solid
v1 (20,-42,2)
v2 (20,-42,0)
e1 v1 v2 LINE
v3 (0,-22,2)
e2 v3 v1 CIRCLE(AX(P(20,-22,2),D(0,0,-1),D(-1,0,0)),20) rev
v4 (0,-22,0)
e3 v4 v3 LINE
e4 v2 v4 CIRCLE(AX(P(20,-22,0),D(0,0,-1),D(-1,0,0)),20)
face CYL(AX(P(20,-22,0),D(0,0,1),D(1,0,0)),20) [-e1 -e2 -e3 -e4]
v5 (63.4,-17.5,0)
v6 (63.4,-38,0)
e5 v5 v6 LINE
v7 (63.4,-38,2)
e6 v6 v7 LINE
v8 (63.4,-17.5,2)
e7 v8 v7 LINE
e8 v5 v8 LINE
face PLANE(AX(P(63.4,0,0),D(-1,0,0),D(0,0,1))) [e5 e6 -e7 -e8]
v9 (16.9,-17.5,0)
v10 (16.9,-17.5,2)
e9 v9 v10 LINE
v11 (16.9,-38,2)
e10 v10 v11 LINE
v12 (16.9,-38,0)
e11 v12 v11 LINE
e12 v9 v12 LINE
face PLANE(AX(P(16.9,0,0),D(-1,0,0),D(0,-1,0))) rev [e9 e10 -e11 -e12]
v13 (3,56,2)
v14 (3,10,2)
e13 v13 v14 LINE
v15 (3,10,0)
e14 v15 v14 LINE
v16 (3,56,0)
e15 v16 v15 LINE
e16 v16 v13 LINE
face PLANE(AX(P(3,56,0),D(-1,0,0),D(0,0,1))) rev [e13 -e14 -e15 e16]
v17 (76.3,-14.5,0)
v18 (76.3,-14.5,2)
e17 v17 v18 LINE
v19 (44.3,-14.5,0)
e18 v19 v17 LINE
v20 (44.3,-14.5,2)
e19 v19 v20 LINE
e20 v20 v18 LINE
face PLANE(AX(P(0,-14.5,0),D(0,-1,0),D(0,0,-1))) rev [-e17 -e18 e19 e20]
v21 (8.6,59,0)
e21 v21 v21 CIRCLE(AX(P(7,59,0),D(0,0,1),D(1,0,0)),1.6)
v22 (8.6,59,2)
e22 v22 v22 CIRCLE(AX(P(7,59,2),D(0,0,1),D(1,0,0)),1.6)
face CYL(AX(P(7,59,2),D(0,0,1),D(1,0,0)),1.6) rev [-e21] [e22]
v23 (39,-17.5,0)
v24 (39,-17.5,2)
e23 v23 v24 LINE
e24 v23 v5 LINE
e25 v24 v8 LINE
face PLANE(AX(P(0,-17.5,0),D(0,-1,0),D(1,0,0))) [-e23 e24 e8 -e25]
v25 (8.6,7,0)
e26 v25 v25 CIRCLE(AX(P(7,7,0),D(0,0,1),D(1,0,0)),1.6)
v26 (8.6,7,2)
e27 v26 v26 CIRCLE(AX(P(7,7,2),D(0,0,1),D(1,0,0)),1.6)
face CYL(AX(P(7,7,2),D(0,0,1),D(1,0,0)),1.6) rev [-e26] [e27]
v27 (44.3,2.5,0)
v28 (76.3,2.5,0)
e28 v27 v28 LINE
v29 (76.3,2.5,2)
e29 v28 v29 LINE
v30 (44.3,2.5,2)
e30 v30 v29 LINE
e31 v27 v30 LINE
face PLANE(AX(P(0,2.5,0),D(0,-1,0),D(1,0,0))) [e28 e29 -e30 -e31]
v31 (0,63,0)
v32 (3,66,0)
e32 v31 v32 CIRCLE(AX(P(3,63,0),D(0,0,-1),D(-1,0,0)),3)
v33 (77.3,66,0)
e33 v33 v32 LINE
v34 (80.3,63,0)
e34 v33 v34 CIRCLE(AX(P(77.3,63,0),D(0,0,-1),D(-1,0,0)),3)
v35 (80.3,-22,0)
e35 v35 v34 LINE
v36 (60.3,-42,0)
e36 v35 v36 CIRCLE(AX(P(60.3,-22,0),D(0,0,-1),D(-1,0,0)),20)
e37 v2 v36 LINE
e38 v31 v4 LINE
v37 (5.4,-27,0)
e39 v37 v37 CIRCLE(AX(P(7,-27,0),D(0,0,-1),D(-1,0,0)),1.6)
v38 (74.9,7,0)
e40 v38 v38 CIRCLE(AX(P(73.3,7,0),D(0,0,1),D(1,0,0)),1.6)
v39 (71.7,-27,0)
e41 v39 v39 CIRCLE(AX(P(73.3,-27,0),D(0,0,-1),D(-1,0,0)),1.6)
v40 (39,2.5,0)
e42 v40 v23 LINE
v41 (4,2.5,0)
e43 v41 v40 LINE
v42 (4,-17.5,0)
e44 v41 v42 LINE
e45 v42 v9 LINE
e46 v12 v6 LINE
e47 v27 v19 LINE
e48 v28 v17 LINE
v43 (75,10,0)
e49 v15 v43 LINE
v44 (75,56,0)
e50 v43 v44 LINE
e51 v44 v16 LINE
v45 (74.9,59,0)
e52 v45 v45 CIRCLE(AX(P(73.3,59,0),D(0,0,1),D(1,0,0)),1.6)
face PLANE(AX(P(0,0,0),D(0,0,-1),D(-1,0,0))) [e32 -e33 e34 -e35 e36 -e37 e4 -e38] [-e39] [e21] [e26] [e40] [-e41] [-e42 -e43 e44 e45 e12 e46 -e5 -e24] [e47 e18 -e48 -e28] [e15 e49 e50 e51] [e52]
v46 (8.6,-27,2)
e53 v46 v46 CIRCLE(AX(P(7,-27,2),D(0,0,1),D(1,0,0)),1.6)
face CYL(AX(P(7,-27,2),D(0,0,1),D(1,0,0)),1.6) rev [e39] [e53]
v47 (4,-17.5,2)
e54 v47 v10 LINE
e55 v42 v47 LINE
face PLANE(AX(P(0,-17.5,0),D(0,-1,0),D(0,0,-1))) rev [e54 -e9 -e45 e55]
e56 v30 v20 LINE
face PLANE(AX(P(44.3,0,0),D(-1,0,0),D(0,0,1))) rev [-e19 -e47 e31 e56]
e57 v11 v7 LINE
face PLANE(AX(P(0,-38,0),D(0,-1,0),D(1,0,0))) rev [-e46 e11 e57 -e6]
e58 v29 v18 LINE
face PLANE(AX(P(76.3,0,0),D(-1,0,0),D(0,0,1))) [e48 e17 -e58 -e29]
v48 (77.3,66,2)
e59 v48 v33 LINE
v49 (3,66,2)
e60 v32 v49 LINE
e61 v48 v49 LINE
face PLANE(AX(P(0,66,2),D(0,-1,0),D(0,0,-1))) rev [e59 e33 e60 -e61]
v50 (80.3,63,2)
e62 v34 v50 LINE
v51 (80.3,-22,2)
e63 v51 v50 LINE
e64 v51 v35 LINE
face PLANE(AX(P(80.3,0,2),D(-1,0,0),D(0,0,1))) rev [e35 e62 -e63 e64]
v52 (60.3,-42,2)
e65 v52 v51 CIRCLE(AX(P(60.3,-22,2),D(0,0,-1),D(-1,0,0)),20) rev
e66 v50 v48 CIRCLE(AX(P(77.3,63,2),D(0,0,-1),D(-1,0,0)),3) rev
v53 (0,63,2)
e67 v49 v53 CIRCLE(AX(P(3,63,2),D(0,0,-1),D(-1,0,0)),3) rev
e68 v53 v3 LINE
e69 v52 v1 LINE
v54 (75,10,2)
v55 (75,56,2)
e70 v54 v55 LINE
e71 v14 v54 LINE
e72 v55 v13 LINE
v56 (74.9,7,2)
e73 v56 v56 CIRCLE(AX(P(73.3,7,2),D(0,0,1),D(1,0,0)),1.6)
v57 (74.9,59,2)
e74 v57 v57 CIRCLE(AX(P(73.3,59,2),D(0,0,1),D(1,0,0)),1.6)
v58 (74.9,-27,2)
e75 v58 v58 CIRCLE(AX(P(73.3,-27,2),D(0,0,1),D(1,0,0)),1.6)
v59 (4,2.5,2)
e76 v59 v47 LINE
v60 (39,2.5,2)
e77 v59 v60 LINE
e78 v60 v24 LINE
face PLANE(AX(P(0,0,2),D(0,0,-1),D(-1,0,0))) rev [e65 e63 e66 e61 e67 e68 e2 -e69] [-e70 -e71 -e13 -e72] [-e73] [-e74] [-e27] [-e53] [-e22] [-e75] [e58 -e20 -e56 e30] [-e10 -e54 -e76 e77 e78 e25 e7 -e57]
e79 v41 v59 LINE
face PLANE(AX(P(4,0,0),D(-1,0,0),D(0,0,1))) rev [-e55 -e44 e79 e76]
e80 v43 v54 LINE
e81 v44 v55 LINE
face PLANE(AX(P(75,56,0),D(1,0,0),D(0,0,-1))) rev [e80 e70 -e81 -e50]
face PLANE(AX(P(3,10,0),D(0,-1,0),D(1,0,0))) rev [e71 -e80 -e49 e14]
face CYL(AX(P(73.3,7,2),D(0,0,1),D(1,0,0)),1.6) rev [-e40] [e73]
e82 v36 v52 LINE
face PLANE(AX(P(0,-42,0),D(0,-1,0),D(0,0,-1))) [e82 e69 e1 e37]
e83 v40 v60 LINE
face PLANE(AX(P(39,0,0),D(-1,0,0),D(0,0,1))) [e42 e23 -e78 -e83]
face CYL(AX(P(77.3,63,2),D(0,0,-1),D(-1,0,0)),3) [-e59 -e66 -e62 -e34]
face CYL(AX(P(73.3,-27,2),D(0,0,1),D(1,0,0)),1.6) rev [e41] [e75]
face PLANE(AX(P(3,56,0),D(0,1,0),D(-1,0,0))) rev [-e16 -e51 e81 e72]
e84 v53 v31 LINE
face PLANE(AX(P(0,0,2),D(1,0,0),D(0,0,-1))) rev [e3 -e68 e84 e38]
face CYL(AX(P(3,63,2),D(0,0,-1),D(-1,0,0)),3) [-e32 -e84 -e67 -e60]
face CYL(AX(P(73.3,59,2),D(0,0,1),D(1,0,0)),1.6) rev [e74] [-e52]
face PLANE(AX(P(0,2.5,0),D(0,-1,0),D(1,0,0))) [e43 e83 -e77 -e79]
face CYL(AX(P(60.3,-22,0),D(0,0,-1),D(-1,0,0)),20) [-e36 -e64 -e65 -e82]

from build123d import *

# Parameters (mm, degrees)
SKETCH1_W                      = 80.3
SKETCH1_H                      = 66
BOSS_EXTRUDE1_DEPTH            = 2
F_3_2_3_2_DIAMETER_HOLE1_D     = 3.2
FILLET1_R                      = 3
SKETCH4_W                      = 80.3
SKETCH4_H                      = 2
BOSS_EXTRUDE2_DEPTH            = 42
FILLET2_R                      = 20
F_3_2_3_2_DIAMETER_HOLE2_D     = 3.2
F_3_2_3_2_DIAMETER_HOLE2_DEPTH = 60
F_3_2_3_2_DIAMETER_HOLE2_TIP   = 0.96137699
SKETCH7_W                      = 72
SKETCH7_H                      = 46
CUT_EXTRUDE1_DEPTH             = 3
SKETCH10_W                     = 35
SKETCH10_H                     = 20
SKETCH10_W_2                   = 32
SKETCH10_H_2                   = 17
CUT_EXTRUDE3_DEPTH             = 3


with BuildPart() as part:
    # Sketch1 → Boss-Extrude1 (new body)
    with BuildSketch(Plane.XY):
        with Locations((40.15, 33)):
            Rectangle(SKETCH1_W, SKETCH1_H)
    extrude(amount=BOSS_EXTRUDE1_DEPTH)

    # Ø3.2 (3.2) Diameter Hole1 (through all)
    with Locations(Plane.XY.offset(2)):
        with Locations((7, 59), (73.3, 59), (73.3, 7), (7, 7)):
            Hole(F_3_2_3_2_DIAMETER_HOLE1_D / 2)

    # Fillet1
    fillet1_edges = [part.edges().sort_by_distance(p)[0] for p in [
        (0, 66, 1),
        (80.3, 66, 1),
    ]]
    fillet(fillet1_edges, radius=FILLET1_R)

    # Sketch4 → Boss-Extrude2 (add)
    with BuildSketch(Plane.XZ):
        with Locations((40.15, 1)):
            Rectangle(SKETCH4_W, SKETCH4_H)
    extrude(amount=BOSS_EXTRUDE2_DEPTH)

    # Fillet2
    fillet2_edges = [part.edges().sort_by_distance(p)[0] for p in [
        (0, -42, 1),
        (80.3, -42, 1),
    ]]
    fillet(fillet2_edges, radius=FILLET2_R)

    # Ø3.2 (3.2) Diameter Hole2
    with Locations(Plane.XY.offset(2)):
        with Locations((7, -27), (73.3, -27)):
            Hole(F_3_2_3_2_DIAMETER_HOLE2_D / 2, depth=F_3_2_3_2_DIAMETER_HOLE2_DEPTH)
            with Locations((0, 0, -(F_3_2_3_2_DIAMETER_HOLE2_DEPTH + F_3_2_3_2_DIAMETER_HOLE2_TIP / 2))):  # 118° drill point
                Cone(0, F_3_2_3_2_DIAMETER_HOLE2_D / 2, F_3_2_3_2_DIAMETER_HOLE2_TIP, mode=Mode.SUBTRACT)

    # Sketch7 → Cut-Extrude1 (cut, through all)
    with BuildSketch(Plane.XY.offset(2)):
        with Locations((39, 33)):
            Rectangle(SKETCH7_W, SKETCH7_H)
    extrude(amount=-CUT_EXTRUDE1_DEPTH, mode=Mode.SUBTRACT)

    # Sketch10 → Cut-Extrude3 (cut, through all)
    with BuildSketch(Plane.XY.offset(2)):
        with Locations((21.5, -7.5)):
            Rectangle(SKETCH10_W, SKETCH10_H)
        Polygon((63.4, -17.5), (39, -17.5), (16.9, -17.5), (16.9, -38), (63.4, -38), align=None)
        with Locations((60.3, -6)):
            Rectangle(SKETCH10_W_2, SKETCH10_H_2)
    extrude(amount=-CUT_EXTRUDE3_DEPTH, mode=Mode.SUBTRACT)


solid = part.part
